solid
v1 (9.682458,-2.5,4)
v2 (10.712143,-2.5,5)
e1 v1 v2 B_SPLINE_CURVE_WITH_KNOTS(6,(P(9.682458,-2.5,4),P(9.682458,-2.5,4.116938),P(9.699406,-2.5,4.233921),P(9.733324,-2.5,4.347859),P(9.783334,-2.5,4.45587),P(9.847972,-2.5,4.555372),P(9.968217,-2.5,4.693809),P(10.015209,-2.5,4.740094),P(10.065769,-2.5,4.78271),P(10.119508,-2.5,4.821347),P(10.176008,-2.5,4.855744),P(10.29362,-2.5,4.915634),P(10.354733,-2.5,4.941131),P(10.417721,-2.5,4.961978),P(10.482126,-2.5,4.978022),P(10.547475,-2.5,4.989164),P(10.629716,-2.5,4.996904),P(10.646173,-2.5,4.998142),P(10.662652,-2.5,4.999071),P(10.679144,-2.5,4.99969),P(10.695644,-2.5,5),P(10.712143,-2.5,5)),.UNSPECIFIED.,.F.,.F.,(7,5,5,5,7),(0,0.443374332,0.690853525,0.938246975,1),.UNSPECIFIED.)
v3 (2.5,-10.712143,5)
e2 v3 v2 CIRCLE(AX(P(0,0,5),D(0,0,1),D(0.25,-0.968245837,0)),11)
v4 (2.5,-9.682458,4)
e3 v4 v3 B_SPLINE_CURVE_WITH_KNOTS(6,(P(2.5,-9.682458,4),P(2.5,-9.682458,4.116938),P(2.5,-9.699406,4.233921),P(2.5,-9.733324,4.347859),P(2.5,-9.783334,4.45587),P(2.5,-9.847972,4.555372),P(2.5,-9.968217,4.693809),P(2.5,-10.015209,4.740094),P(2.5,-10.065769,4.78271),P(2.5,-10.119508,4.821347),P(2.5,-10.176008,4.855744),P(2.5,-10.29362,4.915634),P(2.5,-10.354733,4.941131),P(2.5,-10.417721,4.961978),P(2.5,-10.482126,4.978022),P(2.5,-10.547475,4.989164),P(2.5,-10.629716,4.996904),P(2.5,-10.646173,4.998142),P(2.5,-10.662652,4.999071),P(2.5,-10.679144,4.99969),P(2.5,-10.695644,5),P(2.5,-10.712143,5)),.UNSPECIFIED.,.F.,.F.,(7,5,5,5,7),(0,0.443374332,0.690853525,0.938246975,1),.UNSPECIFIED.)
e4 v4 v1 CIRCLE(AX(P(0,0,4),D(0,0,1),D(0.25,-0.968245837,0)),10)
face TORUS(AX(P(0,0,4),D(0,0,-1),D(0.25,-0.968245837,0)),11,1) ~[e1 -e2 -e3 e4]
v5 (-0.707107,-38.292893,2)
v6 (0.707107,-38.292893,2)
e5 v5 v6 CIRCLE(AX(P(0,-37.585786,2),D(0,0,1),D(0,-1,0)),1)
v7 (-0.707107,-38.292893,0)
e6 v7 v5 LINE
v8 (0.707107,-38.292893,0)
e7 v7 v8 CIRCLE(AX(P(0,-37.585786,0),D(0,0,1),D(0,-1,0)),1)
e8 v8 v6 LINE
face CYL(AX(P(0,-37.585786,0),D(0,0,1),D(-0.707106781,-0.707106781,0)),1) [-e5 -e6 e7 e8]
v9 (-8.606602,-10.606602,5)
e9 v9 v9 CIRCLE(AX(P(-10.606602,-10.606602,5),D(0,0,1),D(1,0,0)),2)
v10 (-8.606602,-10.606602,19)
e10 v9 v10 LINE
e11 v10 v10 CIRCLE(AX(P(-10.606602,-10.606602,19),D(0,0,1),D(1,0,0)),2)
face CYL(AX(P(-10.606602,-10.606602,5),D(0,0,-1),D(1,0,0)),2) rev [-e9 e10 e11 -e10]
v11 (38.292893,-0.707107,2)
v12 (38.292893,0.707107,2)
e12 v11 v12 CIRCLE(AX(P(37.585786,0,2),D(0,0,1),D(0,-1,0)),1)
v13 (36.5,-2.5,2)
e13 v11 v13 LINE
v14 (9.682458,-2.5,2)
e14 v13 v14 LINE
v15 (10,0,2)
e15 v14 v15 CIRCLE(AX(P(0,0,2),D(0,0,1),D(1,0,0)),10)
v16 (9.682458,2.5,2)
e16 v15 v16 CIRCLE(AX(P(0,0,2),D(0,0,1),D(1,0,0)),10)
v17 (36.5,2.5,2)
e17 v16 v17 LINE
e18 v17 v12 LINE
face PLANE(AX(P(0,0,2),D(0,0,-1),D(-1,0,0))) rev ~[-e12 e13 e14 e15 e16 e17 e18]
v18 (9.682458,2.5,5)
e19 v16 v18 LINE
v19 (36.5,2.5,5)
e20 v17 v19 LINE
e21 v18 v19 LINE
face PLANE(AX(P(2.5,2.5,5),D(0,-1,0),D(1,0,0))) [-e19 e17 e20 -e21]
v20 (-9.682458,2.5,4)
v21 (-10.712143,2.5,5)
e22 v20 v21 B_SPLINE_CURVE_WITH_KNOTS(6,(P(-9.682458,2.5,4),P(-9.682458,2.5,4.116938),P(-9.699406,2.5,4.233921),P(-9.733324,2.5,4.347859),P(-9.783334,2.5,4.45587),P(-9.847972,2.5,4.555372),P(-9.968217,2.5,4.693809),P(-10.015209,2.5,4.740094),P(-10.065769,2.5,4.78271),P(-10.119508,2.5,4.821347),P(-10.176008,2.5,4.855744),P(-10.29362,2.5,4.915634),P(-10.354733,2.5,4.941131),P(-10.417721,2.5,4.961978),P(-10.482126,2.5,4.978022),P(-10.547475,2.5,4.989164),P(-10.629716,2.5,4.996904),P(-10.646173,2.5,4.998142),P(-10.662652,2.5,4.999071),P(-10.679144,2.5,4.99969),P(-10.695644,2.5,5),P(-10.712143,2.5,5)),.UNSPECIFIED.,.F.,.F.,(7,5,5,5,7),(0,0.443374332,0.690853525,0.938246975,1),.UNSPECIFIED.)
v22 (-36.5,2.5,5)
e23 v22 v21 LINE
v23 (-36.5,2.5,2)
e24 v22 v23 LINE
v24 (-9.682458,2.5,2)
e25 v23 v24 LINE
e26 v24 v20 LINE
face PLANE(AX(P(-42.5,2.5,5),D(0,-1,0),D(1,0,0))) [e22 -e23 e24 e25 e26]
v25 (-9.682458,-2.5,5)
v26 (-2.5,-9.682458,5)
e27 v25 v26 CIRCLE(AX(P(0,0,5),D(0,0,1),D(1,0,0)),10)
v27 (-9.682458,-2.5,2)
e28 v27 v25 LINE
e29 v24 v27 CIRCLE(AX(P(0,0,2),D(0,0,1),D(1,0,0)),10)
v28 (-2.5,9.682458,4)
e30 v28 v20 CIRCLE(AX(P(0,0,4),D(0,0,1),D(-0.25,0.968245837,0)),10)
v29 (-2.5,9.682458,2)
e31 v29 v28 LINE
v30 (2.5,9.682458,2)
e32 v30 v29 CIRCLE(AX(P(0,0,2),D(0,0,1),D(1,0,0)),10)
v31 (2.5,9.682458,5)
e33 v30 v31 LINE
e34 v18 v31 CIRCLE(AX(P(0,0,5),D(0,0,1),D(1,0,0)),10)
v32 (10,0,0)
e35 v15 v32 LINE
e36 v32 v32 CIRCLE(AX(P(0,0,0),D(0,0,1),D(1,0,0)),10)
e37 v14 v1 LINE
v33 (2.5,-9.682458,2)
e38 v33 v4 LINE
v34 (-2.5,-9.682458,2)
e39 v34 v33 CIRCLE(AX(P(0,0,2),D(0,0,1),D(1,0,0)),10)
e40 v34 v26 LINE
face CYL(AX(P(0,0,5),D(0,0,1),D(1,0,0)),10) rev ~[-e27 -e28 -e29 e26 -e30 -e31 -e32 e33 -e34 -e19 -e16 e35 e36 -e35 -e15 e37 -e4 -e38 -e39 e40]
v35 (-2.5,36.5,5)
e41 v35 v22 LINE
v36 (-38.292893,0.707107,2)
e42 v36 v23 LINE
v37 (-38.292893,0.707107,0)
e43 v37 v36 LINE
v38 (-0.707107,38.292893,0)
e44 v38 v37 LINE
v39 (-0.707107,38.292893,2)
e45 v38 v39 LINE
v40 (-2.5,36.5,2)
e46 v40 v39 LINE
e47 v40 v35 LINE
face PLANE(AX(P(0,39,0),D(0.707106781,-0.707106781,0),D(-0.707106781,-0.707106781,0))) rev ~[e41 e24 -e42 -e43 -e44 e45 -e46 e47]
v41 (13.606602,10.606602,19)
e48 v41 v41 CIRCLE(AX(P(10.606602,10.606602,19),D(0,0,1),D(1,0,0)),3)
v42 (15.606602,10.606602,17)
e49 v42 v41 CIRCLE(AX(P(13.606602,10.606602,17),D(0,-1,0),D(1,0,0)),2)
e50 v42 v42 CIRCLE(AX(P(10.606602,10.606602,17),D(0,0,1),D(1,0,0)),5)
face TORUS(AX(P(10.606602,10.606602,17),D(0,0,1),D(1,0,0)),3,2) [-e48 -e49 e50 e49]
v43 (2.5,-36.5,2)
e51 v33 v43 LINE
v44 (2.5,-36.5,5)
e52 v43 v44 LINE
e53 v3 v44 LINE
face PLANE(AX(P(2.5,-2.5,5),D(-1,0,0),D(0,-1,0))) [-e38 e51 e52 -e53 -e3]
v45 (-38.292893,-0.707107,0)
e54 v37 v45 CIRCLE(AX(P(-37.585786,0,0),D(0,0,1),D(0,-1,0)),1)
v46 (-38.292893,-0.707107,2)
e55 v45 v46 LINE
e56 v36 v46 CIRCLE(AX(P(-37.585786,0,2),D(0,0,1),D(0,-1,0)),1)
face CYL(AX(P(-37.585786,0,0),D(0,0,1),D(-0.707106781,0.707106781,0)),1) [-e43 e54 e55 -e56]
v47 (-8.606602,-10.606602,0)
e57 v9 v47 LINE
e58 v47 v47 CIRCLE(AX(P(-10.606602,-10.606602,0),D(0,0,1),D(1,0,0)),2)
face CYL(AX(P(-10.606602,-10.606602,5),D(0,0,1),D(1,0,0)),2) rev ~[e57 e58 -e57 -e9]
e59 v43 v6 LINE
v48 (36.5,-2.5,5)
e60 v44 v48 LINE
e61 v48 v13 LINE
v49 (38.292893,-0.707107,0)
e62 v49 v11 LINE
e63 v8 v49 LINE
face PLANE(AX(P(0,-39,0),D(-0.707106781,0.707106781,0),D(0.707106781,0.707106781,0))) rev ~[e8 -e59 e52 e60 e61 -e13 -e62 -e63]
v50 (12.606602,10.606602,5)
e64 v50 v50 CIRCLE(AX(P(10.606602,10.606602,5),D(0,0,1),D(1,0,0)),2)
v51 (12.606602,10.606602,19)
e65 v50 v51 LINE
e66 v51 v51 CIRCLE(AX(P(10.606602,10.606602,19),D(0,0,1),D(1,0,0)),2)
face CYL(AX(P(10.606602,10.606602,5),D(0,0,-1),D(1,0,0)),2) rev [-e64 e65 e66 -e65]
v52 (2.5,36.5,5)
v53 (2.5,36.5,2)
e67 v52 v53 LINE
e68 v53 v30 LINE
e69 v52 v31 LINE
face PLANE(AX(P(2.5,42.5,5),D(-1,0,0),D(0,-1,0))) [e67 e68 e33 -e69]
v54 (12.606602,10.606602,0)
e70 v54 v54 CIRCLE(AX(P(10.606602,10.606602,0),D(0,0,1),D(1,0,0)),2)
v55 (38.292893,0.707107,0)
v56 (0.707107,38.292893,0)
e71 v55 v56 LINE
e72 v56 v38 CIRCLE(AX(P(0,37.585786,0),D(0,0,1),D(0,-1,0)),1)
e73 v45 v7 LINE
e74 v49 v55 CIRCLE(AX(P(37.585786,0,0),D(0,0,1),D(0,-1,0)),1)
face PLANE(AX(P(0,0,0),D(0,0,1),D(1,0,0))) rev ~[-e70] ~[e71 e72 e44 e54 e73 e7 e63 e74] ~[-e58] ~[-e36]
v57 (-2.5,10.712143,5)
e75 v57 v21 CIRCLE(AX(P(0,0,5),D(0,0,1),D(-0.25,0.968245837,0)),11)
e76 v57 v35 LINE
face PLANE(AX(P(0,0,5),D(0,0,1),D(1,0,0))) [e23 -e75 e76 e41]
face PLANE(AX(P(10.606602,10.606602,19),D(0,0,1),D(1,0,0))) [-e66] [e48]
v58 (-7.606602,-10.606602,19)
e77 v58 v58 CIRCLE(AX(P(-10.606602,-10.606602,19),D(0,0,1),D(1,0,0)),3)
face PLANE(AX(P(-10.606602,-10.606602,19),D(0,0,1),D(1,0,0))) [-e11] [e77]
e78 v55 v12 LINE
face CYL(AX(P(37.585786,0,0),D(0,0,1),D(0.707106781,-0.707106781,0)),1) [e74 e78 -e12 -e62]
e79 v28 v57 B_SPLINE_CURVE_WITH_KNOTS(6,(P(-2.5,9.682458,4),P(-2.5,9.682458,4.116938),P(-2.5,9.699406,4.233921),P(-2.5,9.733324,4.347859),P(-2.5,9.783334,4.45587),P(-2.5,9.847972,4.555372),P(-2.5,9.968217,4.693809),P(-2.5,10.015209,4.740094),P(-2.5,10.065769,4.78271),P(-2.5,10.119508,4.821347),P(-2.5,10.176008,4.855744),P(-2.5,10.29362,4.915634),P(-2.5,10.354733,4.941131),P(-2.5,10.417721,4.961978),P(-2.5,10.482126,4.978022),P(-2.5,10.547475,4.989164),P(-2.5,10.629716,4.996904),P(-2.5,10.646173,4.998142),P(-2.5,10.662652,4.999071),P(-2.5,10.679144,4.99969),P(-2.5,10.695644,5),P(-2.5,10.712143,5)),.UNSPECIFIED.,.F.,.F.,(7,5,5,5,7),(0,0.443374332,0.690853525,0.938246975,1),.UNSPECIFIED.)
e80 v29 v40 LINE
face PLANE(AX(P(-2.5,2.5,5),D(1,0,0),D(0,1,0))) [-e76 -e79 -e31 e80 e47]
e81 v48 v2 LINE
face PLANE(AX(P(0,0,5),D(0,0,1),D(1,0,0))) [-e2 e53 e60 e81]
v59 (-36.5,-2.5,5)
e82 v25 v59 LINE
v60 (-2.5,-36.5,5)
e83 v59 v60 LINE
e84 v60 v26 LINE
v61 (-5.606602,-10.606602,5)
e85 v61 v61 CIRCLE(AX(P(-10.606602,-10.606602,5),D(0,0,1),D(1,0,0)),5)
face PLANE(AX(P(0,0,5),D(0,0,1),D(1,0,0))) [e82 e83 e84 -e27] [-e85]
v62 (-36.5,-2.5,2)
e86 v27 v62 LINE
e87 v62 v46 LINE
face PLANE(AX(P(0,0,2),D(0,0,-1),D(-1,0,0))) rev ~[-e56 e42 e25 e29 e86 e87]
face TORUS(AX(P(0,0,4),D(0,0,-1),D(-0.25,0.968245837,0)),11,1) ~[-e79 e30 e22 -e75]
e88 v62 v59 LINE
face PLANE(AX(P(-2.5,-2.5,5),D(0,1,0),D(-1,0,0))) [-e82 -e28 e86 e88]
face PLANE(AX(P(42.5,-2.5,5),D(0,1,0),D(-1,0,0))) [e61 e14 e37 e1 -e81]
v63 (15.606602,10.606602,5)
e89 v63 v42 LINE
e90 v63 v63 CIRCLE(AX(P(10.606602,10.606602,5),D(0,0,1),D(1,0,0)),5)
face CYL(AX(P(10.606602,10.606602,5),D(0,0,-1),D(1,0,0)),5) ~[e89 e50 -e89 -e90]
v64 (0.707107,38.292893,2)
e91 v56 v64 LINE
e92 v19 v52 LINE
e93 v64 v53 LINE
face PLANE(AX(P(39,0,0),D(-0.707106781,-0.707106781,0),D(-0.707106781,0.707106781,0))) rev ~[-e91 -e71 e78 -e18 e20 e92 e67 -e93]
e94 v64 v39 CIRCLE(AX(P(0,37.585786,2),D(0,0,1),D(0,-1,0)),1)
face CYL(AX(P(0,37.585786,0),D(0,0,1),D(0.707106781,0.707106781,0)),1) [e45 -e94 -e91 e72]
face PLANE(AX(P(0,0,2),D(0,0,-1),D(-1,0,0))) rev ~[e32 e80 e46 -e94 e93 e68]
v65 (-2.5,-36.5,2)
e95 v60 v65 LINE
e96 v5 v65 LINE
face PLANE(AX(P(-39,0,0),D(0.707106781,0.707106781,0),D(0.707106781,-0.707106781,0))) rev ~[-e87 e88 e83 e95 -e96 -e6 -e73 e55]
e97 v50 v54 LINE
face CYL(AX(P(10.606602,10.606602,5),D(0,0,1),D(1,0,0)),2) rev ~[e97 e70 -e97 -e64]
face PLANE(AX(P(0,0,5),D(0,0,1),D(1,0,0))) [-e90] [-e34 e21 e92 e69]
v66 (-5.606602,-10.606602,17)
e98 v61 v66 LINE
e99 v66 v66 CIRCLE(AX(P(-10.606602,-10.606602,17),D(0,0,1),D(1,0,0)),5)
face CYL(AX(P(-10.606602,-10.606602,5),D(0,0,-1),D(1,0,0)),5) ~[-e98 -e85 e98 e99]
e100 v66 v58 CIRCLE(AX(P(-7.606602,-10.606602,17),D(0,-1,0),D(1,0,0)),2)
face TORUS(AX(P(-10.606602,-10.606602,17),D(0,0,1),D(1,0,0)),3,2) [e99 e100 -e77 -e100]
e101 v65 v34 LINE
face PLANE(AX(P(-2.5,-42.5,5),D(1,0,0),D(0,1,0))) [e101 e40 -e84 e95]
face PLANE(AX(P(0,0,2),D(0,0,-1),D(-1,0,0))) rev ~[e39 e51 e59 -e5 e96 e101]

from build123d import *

# Parameters (mm, degrees)
PAD_DEPTH       = 5
POCKET_DEPTH    = 3
SKETCH002_R     = 5
SKETCH002_R_2   = 2
PAD001_DEPTH    = 14
FILLET_R        = 1
FILLET001_R     = 1
FILLET002_R     = 1
FILLET003_R     = 1
SKETCH003_R     = 10
POCKET001_DEPTH = 5.001
SKETCH004_R     = 2
POCKET002_DEPTH = 5.001
FILLET004_R     = 1
FILLET005_R     = 1
FILLET006_R     = 2
FILLET007_R     = 2


with BuildPart() as part:
    # Sketch → Pad (new body)
    with BuildSketch(Plane.XY):
        Polygon((0, 39), (-39, 0), (0, -39), (39, 0), align=None)
    extrude(amount=PAD_DEPTH)

    # Sketch001 → Pocket (cut)
    with BuildSketch(Plane.XY.offset(5)):
        Polygon((-42.5, 2.5), (-2.5, 2.5), (-2.5, 42.5), (2.5, 42.5), (2.5, 2.5), (42.5, 2.5), (42.5, -2.5), (2.5, -2.5), (2.5, -42.5), (-2.5, -42.5), (-2.5, -2.5), (-42.5, -2.5), align=None)
    extrude(amount=-POCKET_DEPTH, mode=Mode.SUBTRACT)

    # Sketch002 → Pad001 (new body)
    with BuildSketch(Plane.XY.offset(5)):
        with Locations((10.606602, 10.606602)):
            Circle(SKETCH002_R)
        with Locations((10.606602, 10.606602)):
            Circle(SKETCH002_R_2, mode=Mode.SUBTRACT)
        with Locations((-10.606602, -10.606602)):
            Circle(SKETCH002_R)
        with Locations((-10.606602, -10.606602)):
            Circle(SKETCH002_R_2, mode=Mode.SUBTRACT)
    extrude(amount=PAD001_DEPTH)

    # Fillet
    fillet_edges = [part.edges().sort_by_distance(p)[0] for p in [
        (-39, 0, 1),
    ]]
    fillet(fillet_edges, radius=FILLET_R)

    # Fillet001
    fillet001_edges = [part.edges().sort_by_distance(p)[0] for p in [
        (0, -39, 1),
    ]]
    fillet(fillet001_edges, radius=FILLET001_R)

    # Fillet002
    fillet002_edges = [part.edges().sort_by_distance(p)[0] for p in [
        (39, 0, 1),
    ]]
    fillet(fillet002_edges, radius=FILLET002_R)

    # Fillet003
    fillet003_edges = [part.edges().sort_by_distance(p)[0] for p in [
        (0, 39, 1),
    ]]
    fillet(fillet003_edges, radius=FILLET003_R)

    # Sketch003 → Pocket001 (cut, through all)
    with BuildSketch(Plane.XY.offset(5)):
        Circle(SKETCH003_R)
    extrude(amount=-POCKET001_DEPTH, mode=Mode.SUBTRACT)

    # Sketch004 → Pocket002 (cut, through all)
    with BuildSketch(Plane.XY.offset(5)):
        with Locations((-10.606602, -10.606602)):
            Circle(SKETCH004_R)
        with Locations((10.606602, 10.606602)):
            Circle(SKETCH004_R)
    extrude(amount=-POCKET002_DEPTH, mode=Mode.SUBTRACT)

    # Fillet004
    fillet004_edges = [part.edges().sort_by_distance(p)[0] for p in [
        (-7.071068, 7.071068, 5),
    ]]
    fillet(fillet004_edges, radius=FILLET004_R)

    # Fillet005
    fillet005_edges = [part.edges().sort_by_distance(p)[0] for p in [
        (7.071068, -7.071068, 5),
    ]]
    fillet(fillet005_edges, radius=FILLET005_R)

    # Fillet006
    fillet006_edges = [part.edges().sort_by_distance(p)[0] for p in [
        (5.606602, 10.606602, 19),
    ]]
    fillet(fillet006_edges, radius=FILLET006_R)

    # Fillet007
    fillet007_edges = [part.edges().sort_by_distance(p)[0] for p in [
        (-15.606602, -10.606602, 19),
    ]]
    fillet(fillet007_edges, radius=FILLET007_R)


solid = part.part
